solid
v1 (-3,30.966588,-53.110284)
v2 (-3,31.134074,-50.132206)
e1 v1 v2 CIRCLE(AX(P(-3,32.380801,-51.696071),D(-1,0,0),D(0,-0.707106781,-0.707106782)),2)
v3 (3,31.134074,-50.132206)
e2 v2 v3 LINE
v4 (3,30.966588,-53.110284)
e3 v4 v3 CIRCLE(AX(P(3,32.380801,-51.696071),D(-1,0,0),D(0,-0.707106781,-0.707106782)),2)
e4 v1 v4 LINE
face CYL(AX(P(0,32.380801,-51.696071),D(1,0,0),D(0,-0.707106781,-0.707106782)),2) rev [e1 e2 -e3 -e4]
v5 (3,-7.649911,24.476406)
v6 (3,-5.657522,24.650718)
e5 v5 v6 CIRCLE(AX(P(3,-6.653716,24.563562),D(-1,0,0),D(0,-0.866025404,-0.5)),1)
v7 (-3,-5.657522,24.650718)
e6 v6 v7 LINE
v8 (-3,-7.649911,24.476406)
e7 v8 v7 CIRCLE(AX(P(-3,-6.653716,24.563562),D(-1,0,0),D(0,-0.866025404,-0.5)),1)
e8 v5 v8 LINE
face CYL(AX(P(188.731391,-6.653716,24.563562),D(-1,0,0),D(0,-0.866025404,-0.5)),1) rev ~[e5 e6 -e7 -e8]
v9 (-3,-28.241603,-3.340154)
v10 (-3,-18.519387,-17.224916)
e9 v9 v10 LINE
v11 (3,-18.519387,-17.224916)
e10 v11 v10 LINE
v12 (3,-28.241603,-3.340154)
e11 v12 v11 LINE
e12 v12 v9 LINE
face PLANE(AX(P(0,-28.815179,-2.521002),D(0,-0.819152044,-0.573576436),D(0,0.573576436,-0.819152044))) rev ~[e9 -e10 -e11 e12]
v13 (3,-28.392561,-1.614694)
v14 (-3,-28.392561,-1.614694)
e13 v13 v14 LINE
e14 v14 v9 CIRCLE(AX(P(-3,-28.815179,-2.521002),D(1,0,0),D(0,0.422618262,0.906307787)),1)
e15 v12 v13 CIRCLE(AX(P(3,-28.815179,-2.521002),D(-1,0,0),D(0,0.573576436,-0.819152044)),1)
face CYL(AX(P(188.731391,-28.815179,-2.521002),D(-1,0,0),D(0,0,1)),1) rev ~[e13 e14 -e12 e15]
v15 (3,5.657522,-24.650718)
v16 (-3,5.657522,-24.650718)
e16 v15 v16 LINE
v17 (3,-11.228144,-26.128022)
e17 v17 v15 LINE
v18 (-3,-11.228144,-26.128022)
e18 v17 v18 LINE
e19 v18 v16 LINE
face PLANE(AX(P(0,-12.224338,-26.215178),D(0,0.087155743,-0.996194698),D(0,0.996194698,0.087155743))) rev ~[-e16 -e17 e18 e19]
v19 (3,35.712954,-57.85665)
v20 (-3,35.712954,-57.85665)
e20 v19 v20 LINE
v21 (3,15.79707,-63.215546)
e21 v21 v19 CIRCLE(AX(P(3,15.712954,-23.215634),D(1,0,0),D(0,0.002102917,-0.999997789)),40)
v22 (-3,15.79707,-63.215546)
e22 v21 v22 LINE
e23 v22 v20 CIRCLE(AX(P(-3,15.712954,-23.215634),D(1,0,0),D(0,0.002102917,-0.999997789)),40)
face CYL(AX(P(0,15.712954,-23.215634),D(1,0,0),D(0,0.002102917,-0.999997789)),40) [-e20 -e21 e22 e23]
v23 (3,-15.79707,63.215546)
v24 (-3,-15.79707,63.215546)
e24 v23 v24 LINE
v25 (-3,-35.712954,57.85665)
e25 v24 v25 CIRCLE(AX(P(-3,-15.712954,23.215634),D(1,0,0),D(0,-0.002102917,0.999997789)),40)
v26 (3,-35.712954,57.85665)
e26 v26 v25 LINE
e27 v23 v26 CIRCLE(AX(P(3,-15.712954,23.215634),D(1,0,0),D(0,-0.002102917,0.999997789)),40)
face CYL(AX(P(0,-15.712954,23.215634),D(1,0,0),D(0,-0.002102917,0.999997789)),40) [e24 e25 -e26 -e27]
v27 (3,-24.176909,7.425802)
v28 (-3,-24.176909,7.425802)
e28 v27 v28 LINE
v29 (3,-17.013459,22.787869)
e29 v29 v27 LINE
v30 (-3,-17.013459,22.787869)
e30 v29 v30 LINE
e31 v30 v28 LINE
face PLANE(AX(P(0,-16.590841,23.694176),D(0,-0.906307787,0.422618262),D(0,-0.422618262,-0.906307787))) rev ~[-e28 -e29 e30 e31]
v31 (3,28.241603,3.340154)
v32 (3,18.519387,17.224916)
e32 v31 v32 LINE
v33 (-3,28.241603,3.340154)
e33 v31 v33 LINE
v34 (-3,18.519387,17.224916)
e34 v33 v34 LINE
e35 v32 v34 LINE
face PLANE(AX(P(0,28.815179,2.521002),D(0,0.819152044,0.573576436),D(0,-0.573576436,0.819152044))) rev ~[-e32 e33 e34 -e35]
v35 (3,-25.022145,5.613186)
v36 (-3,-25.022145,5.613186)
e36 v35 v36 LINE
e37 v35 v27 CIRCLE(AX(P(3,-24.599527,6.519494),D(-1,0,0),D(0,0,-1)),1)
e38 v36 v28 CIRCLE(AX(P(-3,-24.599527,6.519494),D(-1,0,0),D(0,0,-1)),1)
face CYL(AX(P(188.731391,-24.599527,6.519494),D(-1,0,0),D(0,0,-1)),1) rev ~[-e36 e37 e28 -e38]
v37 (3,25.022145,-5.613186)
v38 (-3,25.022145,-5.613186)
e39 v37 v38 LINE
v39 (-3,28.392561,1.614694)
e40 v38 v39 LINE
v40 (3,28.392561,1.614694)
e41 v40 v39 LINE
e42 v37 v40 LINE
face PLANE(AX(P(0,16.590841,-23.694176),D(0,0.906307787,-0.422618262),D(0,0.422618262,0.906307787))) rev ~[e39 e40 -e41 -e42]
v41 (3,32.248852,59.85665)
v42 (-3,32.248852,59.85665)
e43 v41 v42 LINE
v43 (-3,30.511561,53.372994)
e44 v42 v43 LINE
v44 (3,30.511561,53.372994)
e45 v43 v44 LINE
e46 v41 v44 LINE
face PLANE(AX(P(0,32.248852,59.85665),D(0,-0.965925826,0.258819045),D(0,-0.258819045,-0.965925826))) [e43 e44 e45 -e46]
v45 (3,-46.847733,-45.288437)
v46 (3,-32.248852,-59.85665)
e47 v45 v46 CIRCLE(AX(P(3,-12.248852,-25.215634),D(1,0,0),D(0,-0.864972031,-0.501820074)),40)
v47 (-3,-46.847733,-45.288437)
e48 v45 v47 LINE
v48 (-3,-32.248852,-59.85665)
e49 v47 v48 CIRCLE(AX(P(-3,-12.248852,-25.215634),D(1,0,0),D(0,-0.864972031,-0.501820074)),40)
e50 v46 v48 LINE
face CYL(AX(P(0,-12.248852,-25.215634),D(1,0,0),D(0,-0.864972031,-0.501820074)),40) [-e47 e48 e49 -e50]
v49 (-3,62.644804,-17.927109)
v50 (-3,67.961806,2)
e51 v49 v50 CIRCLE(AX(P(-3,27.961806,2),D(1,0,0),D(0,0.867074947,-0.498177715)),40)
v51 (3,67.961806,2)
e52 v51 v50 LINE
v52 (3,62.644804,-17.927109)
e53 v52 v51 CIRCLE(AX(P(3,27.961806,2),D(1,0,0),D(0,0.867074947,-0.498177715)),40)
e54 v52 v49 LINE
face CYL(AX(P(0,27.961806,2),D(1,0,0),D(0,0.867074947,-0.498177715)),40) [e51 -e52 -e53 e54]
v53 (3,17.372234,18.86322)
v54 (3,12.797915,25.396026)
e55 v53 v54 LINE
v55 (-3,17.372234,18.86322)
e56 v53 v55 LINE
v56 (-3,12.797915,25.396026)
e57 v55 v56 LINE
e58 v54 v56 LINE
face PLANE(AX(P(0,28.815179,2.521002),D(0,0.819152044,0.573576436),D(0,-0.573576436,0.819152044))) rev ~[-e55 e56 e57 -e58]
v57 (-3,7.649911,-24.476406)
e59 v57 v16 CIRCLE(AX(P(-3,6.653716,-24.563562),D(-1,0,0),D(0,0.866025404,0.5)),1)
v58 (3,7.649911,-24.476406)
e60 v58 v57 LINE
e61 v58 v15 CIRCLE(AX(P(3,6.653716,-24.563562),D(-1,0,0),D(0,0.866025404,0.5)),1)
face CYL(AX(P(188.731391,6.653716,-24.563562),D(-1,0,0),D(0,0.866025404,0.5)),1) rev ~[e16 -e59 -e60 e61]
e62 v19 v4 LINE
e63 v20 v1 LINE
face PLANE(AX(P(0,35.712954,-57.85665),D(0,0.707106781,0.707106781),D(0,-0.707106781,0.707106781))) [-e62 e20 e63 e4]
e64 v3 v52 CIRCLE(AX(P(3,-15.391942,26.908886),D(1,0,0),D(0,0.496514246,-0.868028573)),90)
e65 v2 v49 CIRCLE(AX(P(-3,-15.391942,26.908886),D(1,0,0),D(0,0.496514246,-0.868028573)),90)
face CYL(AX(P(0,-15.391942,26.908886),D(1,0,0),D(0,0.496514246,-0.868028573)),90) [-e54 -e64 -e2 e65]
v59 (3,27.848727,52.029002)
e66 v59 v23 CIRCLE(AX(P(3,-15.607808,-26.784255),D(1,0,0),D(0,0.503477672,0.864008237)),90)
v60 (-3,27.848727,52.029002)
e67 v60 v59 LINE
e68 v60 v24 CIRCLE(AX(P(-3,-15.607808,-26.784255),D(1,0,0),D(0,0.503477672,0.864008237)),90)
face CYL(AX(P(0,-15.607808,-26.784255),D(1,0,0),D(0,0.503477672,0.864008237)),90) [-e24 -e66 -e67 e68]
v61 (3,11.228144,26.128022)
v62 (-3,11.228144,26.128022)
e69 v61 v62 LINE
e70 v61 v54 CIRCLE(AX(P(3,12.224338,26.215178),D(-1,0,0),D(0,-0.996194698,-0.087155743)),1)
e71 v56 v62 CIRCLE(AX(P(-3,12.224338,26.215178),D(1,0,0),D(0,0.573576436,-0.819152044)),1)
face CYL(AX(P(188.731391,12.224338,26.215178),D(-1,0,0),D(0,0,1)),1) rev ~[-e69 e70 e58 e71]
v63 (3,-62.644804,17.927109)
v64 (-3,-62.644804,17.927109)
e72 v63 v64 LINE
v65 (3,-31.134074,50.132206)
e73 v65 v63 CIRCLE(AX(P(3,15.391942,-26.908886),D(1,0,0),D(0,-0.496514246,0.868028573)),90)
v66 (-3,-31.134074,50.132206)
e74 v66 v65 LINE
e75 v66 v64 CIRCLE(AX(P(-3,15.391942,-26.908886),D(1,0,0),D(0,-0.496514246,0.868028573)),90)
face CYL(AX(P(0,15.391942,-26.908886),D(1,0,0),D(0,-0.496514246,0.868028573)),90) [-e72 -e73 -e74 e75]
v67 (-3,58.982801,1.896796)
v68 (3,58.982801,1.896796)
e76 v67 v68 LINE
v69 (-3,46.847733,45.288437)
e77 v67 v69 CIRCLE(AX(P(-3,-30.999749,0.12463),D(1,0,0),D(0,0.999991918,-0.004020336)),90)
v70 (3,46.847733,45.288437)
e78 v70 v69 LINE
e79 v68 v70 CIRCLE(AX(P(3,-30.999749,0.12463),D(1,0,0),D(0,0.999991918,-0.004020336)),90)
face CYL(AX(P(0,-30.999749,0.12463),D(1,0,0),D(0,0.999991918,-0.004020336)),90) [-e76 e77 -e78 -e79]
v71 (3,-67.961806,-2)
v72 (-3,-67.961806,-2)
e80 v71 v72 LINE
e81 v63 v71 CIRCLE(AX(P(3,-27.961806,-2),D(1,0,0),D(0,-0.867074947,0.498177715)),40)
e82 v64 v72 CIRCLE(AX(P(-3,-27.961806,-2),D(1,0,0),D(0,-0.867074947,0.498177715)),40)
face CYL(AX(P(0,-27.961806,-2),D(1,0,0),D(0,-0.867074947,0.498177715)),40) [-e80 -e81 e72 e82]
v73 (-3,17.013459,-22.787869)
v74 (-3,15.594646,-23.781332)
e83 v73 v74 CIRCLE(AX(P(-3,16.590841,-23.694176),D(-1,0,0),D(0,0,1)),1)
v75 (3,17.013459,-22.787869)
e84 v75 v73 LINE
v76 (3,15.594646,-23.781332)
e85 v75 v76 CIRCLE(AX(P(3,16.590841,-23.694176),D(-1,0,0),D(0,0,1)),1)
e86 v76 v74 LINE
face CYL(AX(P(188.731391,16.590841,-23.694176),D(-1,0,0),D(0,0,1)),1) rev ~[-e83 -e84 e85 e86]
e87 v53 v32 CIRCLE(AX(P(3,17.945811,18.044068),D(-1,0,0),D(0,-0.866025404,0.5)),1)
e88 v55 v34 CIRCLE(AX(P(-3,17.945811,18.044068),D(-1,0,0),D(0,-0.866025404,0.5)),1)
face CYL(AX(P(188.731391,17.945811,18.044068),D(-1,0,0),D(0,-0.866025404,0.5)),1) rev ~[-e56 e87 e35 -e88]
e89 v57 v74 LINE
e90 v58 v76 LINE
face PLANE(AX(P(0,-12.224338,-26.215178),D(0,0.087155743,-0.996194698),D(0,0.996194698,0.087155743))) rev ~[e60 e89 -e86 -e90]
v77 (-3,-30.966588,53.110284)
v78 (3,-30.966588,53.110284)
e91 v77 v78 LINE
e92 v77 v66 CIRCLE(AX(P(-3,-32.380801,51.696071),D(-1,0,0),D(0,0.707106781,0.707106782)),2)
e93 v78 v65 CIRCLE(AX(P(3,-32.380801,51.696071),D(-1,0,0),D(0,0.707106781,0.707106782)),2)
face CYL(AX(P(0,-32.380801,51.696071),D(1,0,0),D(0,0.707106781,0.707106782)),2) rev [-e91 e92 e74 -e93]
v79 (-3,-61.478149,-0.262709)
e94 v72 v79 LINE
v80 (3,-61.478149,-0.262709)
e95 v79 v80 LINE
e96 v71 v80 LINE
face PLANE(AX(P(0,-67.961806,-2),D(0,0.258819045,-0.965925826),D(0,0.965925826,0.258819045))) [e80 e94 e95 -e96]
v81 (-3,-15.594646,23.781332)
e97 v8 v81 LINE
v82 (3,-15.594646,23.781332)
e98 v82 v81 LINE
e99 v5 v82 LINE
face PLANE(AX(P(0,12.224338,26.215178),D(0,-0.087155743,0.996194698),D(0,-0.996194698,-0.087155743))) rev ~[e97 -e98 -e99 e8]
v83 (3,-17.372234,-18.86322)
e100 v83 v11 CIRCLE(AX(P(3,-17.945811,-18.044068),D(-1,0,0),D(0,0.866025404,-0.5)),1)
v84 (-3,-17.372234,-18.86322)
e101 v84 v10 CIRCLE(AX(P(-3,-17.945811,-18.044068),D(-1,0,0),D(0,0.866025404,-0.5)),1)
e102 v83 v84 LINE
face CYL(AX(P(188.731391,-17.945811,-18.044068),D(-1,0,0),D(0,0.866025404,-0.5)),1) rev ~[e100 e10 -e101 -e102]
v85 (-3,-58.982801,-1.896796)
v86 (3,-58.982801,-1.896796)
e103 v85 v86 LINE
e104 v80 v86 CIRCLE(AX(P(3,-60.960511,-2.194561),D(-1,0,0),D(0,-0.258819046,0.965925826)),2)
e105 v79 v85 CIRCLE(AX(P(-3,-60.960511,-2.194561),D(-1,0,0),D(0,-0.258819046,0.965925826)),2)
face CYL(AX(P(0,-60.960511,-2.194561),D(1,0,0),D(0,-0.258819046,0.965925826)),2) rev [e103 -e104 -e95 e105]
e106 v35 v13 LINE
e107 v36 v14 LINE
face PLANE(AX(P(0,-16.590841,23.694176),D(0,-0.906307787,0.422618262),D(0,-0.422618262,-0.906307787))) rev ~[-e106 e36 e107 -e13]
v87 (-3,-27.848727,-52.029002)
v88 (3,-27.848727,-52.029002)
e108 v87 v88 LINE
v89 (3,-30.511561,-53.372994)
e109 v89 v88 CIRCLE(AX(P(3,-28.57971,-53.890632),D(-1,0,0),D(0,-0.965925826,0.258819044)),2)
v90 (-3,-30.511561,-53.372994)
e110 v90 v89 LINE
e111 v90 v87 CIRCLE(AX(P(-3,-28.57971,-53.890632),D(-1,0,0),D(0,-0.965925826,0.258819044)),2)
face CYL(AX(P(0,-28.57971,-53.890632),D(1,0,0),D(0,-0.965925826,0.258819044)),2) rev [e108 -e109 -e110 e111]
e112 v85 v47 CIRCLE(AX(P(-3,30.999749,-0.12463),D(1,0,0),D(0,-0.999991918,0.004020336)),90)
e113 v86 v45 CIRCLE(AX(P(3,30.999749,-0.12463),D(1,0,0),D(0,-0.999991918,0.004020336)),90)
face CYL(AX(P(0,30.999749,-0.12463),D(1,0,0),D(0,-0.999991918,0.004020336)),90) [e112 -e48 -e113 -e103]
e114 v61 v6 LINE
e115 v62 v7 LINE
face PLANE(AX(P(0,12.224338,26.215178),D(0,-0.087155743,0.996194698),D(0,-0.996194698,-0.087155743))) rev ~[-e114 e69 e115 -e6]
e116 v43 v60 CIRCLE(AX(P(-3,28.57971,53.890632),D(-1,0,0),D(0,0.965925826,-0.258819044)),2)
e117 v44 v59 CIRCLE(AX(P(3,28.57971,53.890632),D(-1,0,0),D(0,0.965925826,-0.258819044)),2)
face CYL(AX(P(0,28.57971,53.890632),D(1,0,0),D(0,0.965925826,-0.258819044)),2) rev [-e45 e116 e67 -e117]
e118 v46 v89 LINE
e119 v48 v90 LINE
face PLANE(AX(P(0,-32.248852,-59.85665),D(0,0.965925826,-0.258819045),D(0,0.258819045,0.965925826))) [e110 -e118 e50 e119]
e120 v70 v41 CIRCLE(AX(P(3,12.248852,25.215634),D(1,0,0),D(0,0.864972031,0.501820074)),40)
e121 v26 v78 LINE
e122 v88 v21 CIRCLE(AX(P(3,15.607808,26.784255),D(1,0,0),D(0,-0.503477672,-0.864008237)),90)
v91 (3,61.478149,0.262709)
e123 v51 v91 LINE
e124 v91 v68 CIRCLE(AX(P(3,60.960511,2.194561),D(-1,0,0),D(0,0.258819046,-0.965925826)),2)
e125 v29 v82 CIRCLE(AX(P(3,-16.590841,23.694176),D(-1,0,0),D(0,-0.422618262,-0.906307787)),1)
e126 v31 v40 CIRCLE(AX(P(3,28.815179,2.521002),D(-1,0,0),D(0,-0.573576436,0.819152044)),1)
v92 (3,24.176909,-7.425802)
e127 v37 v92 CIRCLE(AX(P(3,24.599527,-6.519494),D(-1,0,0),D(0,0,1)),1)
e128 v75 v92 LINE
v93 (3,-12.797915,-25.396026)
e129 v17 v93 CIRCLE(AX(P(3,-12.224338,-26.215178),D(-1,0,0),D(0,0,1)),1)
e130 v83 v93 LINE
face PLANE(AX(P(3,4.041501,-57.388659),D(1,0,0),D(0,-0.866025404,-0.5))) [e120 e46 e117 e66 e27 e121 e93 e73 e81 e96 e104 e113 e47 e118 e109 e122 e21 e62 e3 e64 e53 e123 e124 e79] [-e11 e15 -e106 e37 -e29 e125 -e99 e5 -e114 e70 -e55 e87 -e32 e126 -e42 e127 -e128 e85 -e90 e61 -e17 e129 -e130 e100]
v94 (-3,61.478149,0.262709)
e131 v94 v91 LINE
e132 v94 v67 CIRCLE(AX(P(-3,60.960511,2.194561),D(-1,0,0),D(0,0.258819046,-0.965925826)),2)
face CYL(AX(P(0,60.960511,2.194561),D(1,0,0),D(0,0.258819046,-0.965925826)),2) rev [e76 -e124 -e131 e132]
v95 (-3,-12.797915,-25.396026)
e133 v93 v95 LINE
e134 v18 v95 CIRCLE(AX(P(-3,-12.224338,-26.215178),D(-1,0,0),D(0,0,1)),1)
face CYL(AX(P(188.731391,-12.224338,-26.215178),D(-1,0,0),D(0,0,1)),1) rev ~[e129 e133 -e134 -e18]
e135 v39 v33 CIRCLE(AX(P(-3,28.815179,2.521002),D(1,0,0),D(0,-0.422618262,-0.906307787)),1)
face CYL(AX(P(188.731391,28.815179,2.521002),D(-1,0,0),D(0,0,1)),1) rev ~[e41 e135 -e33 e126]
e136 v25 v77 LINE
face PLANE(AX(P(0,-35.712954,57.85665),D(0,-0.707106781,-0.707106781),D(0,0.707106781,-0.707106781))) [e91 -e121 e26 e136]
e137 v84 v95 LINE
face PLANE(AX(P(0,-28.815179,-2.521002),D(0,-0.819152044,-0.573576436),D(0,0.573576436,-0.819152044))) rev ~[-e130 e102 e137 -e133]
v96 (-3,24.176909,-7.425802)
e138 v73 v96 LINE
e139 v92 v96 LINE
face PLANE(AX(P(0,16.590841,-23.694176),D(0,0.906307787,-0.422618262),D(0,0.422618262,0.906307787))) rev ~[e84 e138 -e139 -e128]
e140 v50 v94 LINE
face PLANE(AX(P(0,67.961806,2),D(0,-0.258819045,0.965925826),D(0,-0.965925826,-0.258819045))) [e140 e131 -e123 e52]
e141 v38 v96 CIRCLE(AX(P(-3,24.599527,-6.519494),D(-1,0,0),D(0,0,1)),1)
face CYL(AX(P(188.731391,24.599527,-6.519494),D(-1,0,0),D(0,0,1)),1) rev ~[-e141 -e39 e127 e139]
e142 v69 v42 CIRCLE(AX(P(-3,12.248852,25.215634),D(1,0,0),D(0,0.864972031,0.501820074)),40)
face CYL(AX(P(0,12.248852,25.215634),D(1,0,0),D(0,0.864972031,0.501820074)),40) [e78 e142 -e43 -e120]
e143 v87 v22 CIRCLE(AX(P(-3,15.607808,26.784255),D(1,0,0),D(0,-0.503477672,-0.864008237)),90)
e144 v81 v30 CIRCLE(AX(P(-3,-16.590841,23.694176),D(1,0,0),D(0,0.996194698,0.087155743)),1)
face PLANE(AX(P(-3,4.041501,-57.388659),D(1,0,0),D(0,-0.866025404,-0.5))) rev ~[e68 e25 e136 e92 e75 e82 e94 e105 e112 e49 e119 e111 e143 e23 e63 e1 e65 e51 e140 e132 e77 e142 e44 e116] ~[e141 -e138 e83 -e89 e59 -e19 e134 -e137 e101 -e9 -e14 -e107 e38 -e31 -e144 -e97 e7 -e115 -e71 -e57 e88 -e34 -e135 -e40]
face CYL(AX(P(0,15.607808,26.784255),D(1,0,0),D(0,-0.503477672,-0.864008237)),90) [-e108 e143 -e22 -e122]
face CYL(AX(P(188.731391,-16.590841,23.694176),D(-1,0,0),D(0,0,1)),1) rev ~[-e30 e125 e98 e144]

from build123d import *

# Parameters (mm, degrees)
SKETCH1_R                = 59
EXTRUDE1_DEPTH           = 3
EXTRUDE2_DEPTH           = 3
CIRPATTERN1_COUNT        = 6
F_2_0_2_DIAMETER_HOLE1_D = 2
F_2_0_2_DIAMETER_HOLE3_D = 2
CIRPATTERN2_COUNT        = 6


with BuildPart() as part:
    # Sketch1 → Extrude1 (new, symmetric)
    with BuildSketch(Plane(origin=(0, 0, 0), x_dir=(0, 0, -1), z_dir=(1, 0, 0))):
        Circle(SKETCH1_R)
        Polygon((23.694176429, 16.590840947), (-2.521001516, 28.815179183), (-26.215177945, 12.224338236), (-23.694176429, -16.590840947), (2.521001516, -28.815179183), (26.215177945, -12.224338236), align=None, mode=Mode.SUBTRACT)
    extrude(amount=EXTRUDE1_DEPTH, both=True)

    # Sketch2 → Extrude2 (add, symmetric)
    with BuildSketch(Plane(origin=(0, 0, 0), x_dir=(0, 0, -1), z_dir=(1, 0, 0))):
        with BuildLine():
            Line((-2, 67.961805723), (-0.262709442, 61.478149092))
            ThreePointArc((-0.262709442, 61.478149092), (-0.58620663, 59.77173183), (-2.122608272, 58.961805723))
            ThreePointArc((-2.122608272, 58.961805723), (28.679663449, 51.560419941), (51.21368579, 29.294340542))
            ThreePointArc((51.21368579, 29.294340542), (36.791707484, 48.186627241), (17.927108603, 62.644803614))
            ThreePointArc((17.927108603, 62.644803614), (8.312130826, 66.609702921), (-2, 67.961805723))
        make_face()
    extrude2 = extrude(amount=EXTRUDE2_DEPTH, both=True)

    # CirPattern1: Extrude2 ×6 about axis
    cirpattern1_axis = Axis((0, 0, 0), (1, 0, 0))
    for i in range(1, CIRPATTERN1_COUNT):
        add(extrude2.rotate(cirpattern1_axis, i * 360 / CIRPATTERN1_COUNT))

    # Ø2.0 (2) Diameter Hole1 (through all)
    with Locations(Plane(origin=(3, 0, 0), x_dir=(0, 0, -1), z_dir=(1, 0, 0))):
        with Locations((-2.521001516, 28.815179183), (23.694176429, 16.590840947), (26.215177945, -12.224338236), (2.521001516, -28.815179183), (-23.694176429, -16.590840947), (-26.215177945, 12.224338236)):
            Hole(F_2_0_2_DIAMETER_HOLE1_D / 2)

    # Ø2.0 (2) Diameter Hole3 (through all)
    with Locations(Plane(origin=(3, 0, 0), x_dir=(0, 0, -1), z_dir=(1, 0, 0))):
        with Locations((6.519493728, 24.599527017)):
            f_2_0_2_diameter_hole3 = Hole(F_2_0_2_DIAMETER_HOLE3_D / 2)

    # CirPattern2: Ø2.0 (2) Diameter Hole3 ×6 about axis
    cirpattern2_axis = Axis((0, 0, 0), (1, 0, 0))
    for i in range(1, CIRPATTERN2_COUNT):
        add(f_2_0_2_diameter_hole3.rotate(cirpattern2_axis, i * 360 / CIRPATTERN2_COUNT), mode=Mode.SUBTRACT)


solid = part.part
